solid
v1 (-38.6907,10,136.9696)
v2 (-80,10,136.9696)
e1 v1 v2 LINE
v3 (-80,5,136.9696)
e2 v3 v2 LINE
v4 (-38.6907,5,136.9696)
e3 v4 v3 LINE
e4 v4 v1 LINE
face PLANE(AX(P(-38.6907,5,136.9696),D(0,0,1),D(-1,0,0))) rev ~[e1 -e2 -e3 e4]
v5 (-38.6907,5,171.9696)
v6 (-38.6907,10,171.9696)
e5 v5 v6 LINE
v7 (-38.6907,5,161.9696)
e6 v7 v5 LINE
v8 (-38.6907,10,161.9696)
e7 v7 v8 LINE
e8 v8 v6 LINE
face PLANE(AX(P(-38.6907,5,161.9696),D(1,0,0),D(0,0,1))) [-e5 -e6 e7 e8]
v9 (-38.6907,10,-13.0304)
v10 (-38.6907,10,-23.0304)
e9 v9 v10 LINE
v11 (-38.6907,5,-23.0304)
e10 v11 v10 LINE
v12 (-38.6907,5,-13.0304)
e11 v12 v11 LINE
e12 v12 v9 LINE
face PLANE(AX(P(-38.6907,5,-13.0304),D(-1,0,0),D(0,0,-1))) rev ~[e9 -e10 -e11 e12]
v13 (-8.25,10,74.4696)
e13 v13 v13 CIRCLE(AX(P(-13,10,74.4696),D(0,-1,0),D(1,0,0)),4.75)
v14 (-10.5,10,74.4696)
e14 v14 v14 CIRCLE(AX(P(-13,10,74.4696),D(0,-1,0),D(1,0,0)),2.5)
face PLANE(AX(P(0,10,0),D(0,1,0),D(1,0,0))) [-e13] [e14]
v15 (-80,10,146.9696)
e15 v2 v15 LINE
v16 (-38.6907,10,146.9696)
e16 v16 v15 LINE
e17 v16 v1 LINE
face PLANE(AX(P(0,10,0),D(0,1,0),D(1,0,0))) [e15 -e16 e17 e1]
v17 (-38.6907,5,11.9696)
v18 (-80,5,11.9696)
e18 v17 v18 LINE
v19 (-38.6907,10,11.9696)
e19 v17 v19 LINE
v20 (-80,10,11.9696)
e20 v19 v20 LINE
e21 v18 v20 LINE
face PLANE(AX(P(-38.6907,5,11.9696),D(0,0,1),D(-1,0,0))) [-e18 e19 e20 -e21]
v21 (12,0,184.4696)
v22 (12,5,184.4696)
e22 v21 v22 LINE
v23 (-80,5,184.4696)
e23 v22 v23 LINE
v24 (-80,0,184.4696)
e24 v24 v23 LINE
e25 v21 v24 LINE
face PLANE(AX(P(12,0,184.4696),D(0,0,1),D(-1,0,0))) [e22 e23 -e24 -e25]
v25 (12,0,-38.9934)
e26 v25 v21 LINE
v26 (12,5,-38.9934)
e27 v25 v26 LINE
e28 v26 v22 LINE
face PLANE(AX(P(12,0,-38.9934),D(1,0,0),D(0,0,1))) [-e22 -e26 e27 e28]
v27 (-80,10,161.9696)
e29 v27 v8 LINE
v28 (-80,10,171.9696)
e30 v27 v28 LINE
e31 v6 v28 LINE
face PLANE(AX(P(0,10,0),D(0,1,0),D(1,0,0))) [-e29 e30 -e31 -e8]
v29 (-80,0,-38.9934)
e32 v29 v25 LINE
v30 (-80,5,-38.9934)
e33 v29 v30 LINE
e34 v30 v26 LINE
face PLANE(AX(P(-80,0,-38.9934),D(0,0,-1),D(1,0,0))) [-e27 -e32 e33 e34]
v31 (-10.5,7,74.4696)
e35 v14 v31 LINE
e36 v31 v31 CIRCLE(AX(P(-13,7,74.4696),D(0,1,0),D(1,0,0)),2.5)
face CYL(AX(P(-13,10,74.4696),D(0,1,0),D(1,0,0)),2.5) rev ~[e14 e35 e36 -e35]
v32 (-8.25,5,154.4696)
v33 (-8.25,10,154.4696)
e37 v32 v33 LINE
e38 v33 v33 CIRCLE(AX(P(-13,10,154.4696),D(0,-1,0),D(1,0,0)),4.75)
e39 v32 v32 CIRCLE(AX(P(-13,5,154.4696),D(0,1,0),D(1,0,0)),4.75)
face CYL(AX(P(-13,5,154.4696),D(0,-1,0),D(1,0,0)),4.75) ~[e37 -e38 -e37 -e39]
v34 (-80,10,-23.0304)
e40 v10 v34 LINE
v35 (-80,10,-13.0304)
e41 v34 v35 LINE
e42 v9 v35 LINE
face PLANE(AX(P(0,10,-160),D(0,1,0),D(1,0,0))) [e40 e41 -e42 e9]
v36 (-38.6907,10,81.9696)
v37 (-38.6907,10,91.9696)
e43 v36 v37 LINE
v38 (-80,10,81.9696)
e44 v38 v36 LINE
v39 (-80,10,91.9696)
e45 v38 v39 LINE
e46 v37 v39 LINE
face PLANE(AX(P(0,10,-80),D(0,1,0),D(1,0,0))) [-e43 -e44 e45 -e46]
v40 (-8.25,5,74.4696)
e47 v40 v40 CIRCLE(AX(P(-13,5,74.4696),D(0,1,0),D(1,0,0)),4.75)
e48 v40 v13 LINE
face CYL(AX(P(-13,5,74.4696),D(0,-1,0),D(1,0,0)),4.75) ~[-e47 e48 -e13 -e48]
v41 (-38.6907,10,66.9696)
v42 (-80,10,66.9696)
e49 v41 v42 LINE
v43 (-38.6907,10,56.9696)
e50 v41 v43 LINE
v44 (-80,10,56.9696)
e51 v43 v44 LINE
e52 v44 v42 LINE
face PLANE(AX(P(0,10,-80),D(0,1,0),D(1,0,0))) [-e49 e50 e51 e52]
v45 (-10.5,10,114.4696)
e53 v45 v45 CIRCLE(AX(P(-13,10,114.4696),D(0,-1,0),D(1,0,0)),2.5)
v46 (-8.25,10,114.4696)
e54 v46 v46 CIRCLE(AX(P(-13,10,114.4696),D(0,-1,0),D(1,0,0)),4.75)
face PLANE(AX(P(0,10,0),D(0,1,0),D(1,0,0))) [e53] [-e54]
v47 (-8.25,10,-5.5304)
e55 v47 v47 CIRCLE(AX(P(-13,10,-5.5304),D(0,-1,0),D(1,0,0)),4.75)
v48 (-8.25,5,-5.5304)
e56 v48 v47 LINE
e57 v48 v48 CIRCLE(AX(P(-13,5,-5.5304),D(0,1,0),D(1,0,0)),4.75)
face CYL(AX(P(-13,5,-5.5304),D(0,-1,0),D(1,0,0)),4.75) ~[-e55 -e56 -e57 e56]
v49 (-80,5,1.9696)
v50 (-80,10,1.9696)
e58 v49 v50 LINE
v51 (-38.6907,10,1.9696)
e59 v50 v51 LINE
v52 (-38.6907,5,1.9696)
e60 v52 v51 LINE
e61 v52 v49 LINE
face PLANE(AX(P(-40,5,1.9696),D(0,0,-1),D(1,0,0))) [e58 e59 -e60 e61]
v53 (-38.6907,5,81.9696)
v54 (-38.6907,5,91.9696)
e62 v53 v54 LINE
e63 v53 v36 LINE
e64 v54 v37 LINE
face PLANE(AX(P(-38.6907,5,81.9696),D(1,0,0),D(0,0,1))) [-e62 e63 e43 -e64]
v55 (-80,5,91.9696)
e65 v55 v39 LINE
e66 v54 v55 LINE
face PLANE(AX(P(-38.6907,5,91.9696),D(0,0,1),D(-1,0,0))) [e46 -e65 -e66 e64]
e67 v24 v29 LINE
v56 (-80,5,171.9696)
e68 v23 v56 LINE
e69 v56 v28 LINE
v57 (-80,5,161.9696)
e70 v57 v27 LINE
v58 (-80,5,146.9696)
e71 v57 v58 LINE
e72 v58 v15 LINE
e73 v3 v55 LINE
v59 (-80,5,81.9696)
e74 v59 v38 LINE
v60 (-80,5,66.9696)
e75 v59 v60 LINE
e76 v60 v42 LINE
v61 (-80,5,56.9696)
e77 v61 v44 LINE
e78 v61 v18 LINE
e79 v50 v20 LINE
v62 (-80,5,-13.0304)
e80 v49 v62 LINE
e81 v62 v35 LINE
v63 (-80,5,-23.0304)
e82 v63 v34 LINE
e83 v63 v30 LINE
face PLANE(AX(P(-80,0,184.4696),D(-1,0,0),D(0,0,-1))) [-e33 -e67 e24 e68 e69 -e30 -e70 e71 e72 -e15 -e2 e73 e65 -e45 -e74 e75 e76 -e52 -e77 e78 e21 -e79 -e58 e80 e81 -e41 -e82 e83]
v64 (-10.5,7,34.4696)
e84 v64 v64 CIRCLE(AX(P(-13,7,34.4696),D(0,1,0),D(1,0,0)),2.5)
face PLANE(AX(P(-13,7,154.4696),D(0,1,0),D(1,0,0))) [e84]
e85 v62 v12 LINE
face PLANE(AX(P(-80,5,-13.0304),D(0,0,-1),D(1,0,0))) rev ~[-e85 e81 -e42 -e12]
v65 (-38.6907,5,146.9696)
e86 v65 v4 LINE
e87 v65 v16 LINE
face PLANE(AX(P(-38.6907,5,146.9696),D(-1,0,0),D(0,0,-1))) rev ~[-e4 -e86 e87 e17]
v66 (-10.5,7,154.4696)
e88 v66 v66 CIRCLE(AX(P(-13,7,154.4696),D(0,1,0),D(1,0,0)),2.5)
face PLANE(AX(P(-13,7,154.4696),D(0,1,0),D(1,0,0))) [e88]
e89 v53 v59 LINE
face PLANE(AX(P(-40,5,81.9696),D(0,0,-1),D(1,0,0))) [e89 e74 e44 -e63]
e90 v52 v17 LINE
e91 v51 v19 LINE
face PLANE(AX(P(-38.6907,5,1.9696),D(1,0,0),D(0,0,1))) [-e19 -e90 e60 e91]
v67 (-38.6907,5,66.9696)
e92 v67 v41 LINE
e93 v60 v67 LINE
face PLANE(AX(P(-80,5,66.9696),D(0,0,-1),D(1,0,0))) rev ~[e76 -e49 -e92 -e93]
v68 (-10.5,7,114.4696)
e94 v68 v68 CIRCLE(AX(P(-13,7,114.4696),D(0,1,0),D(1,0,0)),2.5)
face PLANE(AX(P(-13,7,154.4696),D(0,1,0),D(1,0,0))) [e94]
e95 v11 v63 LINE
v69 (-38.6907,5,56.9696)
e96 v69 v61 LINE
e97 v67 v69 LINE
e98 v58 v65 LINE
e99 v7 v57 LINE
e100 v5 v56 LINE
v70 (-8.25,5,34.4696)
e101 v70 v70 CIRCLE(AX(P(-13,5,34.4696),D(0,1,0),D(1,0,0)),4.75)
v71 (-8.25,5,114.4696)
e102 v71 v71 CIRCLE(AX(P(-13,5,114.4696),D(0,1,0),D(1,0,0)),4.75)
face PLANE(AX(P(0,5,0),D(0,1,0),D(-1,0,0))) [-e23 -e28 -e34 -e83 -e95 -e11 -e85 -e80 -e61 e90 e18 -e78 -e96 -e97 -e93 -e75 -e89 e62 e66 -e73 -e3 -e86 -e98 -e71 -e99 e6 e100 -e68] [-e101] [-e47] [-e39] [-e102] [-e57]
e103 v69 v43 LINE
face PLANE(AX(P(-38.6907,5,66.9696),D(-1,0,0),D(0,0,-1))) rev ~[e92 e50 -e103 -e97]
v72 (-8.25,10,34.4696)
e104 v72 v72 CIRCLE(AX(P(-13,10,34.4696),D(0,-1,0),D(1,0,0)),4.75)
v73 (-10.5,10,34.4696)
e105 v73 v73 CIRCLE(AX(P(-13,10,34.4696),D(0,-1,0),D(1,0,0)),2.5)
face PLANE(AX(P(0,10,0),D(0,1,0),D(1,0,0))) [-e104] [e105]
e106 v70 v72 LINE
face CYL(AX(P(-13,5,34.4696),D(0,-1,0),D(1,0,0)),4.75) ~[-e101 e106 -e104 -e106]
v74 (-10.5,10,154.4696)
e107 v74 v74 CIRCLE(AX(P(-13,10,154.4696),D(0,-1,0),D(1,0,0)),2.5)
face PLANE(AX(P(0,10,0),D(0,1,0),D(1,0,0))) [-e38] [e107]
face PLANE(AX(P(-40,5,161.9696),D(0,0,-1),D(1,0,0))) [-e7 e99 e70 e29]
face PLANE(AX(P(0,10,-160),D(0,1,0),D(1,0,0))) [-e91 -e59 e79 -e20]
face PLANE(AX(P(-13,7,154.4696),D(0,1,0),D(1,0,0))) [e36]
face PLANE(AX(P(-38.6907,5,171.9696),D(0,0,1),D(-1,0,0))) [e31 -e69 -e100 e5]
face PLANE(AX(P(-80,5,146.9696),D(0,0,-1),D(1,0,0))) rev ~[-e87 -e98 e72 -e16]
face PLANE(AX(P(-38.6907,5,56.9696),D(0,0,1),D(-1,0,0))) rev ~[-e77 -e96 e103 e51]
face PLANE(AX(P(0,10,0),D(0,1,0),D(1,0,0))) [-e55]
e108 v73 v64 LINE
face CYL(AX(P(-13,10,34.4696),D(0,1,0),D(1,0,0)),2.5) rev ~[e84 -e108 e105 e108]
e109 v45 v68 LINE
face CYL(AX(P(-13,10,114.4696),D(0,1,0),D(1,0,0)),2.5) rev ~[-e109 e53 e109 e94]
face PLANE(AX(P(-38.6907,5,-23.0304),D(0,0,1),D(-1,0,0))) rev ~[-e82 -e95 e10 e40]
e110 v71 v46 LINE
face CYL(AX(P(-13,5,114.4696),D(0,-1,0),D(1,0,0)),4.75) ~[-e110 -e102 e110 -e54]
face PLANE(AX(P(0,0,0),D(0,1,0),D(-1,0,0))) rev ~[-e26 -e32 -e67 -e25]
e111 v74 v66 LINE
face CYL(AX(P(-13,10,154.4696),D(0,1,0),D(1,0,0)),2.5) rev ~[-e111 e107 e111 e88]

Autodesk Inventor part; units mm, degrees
ref_plane "YZ Plane" through (0, 0, 0) normal (1, 0, 0) x (0, 1, 0)
ref_plane "XZ Plane" through (0, 0, 0) normal (0, 1, 0) x (-1, 0, 0)
ref_plane "XY Plane" through (0, 0, 0) normal (0, 0, 1) x (1, 0, 0)
sketch "Sketch1" plane through (0, 0, 0) normal (0, 1, 0) x (-1, 0, 0)
  line L0 (-12, 184.4696) -> (80, 184.4696)
  line L1 (80, 184.4696) -> (80, -38.9934)
  line L2 (80, -38.9934) -> (-12, -38.9934)
  line L3 (-12, -38.9934) -> (-12, 184.4696)
  point P0 (0, 0)
  dimension "d0" = 92
  dimension "d1" = 223.463
extrude "Extrusion1" add sketch "Sketch1" along normal blind 5
sketch "Sketch2" plane through (0, 5, 0) normal (0, 1, 0) x (1, 0, 0)
  line L0 (-80, -184.4696) -> (12, -184.4696) projected
  line L1 (12, -184.4696) -> (-13, -184.4696)
  line L2 (-13, -184.4696) -> (-13, -154.4696)
  circle A0 centre (-13, -154.4696) radius 4.75
  line L3 (-13, -154.4696) -> (-13, -114.4696)
  line L4 (-13, -114.4696) -> (-13, -74.4696)
  line L5 (-13, -74.4696) -> (-13, -34.4696)
  circle A1 centre (-13, -114.4696) radius 4.75
  circle A2 centre (-13, -74.4696) radius 4.75
  circle A3 centre (-13, -34.4696) radius 4.75
  line L6 (-13, -34.4696) -> (-13, 5.5304)
  circle A4 centre (-13, 5.5304) radius 4.75
  point P0 (0, 0)
  dimension "d4" = 25
  dimension "d5" = 30
  dimension "d6" = 9.5
  dimension "d7" = 40
  dimension "d8" = 40
  dimension "d9" = 40
  dimension "d10" = 9.5
  dimension "d11" = 9.5
  dimension "d12" = 9.5
  dimension "d34" = 40
  dimension "d35" = 9.5
extrude "Extrusion2" add sketch "Sketch2" along normal blind 5
sketch "Sketch3" plane through (-13, 10, 154.4696) normal (0, 1, 0) x (1, 0, 0)
  circle A0 centre (0, 0) radius 2.5
  circle A1 centre (0, 0) radius 4.75 projected
  line L0 (0, 0) -> (0, 193.463)
  line L1 (25, 193.463) -> (-67, 193.463) projected
  circle A2 centre (0, 40) radius 2.5
  circle A3 centre (0, 80) radius 2.5
  circle A4 centre (0, 120) radius 2.5
  point P0 (13, 154.4696)
  dimension "d15" = 5
  dimension "d18" = 40
extrude "Extrusion3" cut sketch "Sketch3" against normal blind 3 contours A0 | A4 L0 | L0 A4 | A3 L0 | L0 A3 | A2 L0 | L0 A2
sketch "Sketch4" plane through (0, 5, 0) normal (0, 1, 0) x (1, 0, 0)
  circle A0 centre (-13, -154.4696) radius 2.5 projected
  line L0 (-13, -154.4696) -> (-80, -154.4696)
  line L1 (-80, 38.9934) -> (-80, -184.4696) projected
  line L2 (-40, -161.9696) -> (-80, -161.9696)
  line L3 (-80, -161.9696) -> (-80, -146.9696)
  line L4 (-80, -146.9696) -> (-40, -146.9696)
  line L5 (-40, -146.9696) -> (-40, -161.9696)
  line L6 (-40, -161.9696) -> (-80, -146.9696) construction
  line L7 (-80, -161.9696) -> (-40, -146.9696) construction
  line L8 (-80, -161.9696) -> (-38.6907, -161.9696)
  line L9 (-38.6907, -161.9696) -> (-38.6907, -171.9696)
  line L10 (-38.6907, -171.9696) -> (-80, -171.9696)
  line L11 (-80, -171.9696) -> (-80, -161.9696)
  line L12 (-80, -146.9696) -> (-38.6907, -146.9696)
  line L13 (-38.6907, -146.9696) -> (-38.6907, -136.9696)
  line L14 (-38.6907, -136.9696) -> (-80, -136.9696)
  line L15 (-80, -136.9696) -> (-80, -146.9696)
  point P0 (0, 0)
  point P1 (-60, -154.4696)
  point P2 (-40.5122, -103.5066)
  point P3 (-80, -136.9696)
  point P4 (-40.5122, -118.5066)
  point P5 (-80, -171.9696)
  point P6 (-40, -146.9696)
  point P7 (-40, -146.9696)
  point P8 (-40, -161.9696)
  dimension "d25" = 15
  dimension "d26" = 40
  dimension "d27" = 10
  dimension "d28" = 10
extrude "Extrusion4" add sketch "Sketch4" along normal blind 5 contours L4 L1 L14 L13 L12 | L8 L9 L10 L1 L2
pattern_linear "Rectangular Pattern1" count 3 spacing 80 along (0, 0, -1) of "Extrusion4"
properties part number "Podstawka"
